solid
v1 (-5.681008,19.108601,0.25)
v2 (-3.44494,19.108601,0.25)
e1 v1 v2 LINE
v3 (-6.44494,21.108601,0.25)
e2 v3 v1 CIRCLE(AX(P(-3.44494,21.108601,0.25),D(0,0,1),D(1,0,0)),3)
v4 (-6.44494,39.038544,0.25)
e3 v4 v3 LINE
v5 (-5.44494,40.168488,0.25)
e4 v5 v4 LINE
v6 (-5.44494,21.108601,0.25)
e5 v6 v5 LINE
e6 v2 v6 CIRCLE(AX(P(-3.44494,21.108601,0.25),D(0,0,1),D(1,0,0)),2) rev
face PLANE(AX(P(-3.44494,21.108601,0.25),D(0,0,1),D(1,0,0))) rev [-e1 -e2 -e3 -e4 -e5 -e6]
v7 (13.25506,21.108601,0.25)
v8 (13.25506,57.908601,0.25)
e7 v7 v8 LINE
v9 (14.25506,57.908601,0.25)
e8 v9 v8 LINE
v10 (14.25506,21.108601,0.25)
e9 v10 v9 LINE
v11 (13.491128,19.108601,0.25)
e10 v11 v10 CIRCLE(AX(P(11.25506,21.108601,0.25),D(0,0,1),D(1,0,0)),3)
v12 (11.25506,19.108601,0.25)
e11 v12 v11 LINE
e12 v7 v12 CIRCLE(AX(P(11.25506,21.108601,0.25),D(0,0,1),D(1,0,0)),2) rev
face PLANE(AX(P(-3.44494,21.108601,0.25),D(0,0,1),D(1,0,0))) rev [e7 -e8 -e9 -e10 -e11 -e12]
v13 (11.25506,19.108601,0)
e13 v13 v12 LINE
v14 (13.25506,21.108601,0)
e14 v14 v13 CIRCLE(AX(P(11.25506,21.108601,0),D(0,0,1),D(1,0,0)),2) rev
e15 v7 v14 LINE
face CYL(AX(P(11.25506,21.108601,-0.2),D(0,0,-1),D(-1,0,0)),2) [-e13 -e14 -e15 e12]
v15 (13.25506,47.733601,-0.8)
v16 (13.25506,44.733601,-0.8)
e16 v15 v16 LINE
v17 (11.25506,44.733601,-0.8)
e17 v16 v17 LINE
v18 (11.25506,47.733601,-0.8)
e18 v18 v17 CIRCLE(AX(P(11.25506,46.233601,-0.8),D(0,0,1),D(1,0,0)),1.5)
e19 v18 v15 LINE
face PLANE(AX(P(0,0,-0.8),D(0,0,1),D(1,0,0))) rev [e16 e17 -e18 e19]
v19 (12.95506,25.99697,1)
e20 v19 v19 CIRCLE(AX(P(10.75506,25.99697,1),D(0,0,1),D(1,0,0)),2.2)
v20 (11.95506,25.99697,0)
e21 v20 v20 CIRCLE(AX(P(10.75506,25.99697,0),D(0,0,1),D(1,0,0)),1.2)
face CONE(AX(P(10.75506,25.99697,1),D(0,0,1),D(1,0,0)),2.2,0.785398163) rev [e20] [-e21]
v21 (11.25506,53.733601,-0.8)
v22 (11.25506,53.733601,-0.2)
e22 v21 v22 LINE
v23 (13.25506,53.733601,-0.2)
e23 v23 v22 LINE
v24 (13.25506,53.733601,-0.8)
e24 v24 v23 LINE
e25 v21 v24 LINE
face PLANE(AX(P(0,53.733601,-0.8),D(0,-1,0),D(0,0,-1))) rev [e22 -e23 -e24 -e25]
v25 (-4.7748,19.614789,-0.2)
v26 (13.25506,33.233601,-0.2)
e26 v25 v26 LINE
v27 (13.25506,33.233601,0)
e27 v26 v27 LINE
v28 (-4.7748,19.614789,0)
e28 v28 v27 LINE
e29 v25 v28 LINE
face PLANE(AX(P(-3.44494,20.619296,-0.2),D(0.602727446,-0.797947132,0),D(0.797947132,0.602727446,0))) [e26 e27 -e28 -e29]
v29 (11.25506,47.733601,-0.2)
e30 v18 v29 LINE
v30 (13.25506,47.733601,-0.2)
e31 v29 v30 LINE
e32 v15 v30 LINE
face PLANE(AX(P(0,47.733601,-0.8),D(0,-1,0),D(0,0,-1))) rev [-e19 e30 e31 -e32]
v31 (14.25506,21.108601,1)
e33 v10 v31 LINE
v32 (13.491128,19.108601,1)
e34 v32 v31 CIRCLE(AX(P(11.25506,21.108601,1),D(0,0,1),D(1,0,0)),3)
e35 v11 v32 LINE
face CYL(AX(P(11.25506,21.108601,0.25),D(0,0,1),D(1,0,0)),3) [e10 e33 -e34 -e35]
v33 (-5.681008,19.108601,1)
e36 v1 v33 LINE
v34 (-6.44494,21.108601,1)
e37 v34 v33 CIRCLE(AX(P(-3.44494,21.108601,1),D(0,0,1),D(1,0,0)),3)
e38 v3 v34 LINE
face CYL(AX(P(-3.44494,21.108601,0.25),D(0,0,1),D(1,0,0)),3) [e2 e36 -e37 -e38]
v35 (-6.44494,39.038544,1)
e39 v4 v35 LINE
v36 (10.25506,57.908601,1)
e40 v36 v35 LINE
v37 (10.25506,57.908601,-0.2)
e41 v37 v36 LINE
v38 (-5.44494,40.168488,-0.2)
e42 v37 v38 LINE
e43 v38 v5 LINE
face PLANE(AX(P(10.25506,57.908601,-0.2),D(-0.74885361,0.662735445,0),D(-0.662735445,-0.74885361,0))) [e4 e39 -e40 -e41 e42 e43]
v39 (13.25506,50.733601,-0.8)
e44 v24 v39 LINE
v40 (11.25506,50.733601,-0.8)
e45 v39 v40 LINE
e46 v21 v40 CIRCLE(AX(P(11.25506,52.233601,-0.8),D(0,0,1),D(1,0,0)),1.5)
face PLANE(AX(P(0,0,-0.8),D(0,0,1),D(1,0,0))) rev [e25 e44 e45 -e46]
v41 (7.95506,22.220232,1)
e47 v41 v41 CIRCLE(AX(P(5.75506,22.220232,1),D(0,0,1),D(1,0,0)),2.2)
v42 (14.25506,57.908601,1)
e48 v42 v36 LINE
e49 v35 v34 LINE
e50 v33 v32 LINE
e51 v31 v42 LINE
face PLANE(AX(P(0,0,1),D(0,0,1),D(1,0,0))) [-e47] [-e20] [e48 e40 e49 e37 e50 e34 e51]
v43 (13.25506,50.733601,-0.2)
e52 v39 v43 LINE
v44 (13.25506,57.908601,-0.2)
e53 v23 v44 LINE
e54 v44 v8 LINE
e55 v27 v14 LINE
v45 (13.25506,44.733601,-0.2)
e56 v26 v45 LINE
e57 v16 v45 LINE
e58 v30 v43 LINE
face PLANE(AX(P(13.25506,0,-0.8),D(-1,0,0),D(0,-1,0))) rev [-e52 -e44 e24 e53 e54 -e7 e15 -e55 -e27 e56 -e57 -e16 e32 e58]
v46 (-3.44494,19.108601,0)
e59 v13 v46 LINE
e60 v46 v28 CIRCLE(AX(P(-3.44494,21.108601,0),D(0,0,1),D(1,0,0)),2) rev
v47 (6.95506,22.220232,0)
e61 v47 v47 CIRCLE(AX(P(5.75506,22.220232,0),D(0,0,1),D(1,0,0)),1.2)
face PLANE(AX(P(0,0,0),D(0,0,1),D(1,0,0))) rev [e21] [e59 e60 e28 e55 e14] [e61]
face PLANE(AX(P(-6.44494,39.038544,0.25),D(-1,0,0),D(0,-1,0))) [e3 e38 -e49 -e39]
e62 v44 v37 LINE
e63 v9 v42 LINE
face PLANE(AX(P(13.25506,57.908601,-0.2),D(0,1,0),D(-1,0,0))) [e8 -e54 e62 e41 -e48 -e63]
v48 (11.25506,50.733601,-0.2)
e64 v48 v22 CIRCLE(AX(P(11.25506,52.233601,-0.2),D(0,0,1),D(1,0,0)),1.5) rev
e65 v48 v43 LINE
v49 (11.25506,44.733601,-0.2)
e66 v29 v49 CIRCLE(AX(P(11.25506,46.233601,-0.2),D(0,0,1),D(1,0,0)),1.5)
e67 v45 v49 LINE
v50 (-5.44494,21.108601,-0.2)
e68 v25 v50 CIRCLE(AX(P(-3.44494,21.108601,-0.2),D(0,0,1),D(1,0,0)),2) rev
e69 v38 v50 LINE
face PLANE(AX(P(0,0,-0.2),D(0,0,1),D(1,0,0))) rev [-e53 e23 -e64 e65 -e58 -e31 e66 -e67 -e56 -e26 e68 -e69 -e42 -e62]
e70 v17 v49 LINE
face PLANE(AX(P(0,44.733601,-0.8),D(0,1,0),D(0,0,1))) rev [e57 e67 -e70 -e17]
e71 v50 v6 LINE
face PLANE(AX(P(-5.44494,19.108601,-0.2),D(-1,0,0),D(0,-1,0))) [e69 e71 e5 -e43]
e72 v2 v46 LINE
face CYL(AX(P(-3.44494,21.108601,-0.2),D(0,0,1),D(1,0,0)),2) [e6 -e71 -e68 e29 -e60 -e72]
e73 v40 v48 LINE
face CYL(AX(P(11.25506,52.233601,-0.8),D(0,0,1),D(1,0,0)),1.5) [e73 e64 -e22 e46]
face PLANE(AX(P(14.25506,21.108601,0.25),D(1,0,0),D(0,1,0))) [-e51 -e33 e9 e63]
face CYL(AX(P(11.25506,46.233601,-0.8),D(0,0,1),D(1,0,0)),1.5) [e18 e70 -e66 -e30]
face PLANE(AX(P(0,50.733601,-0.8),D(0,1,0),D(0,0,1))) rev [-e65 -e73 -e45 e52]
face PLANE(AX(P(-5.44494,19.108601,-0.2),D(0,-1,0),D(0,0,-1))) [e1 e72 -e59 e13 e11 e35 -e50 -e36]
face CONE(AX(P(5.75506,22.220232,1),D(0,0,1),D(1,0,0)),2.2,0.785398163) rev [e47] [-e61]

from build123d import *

# Parameters (mm, degrees)
BOSS_EXTRUDE1_DEPTH                             = 0.8
BOSS_EXTRUDE1_2_DEPTH                           = 0.8
BOSS_EXTRUDE3_DEPTH                             = 1
BOSS_EXTRUDE3_DEPTH_BACK                        = 0.2
FILLET1_R                                       = 2
CUT_EXTRUDE1_DEPTH                              = 0.2
BOSS_EXTRUDE4_DEPTH                             = 0.75
CSK_FOR_M2_FLAT_HEAD_MACHINE_SCREW1_D           = 2.4
CSK_FOR_M2_FLAT_HEAD_MACHINE_SCREW1_DEPTH       = 4
CSK_FOR_M2_FLAT_HEAD_MACHINE_SCREW1_CSINK_D     = 4.4
CSK_FOR_M2_FLAT_HEAD_MACHINE_SCREW1_CSINK_ANGLE = 90
CSK_FOR_M2_FLAT_HEAD_MACHINE_SCREW1_TIP         = 0.721032743


with BuildPart() as part:
    # Sketch1 → Boss-Extrude1 (new body)
    with BuildSketch(Plane.XY):
        with BuildLine():
            Line((11.255059848, 53.733600539), (13.255059848, 53.733600539))
            Line((13.255059848, 53.733600539), (13.255059848, 50.733600539))
            Line((13.255059848, 50.733600539), (11.255059848, 50.733600539))
            ThreePointArc((11.255059848, 50.733600539), (9.755059848, 52.233600539), (11.255059848, 53.733600539))
        make_face()
    extrude(amount=-BOSS_EXTRUDE1_DEPTH)



with BuildPart() as body_2:
    # Sketch1 → Boss-Extrude1 2 (new body)
    with BuildSketch(Plane.XY):
        with BuildLine():
            Line((11.255059848, 47.733600539), (13.255059848, 47.733600539))
            Line((13.255059848, 47.733600539), (13.255059848, 44.733600539))
            Line((13.255059848, 44.733600539), (11.255059848, 44.733600539))
            ThreePointArc((11.255059848, 44.733600539), (9.755059848, 46.233600539), (11.255059848, 47.733600539))
        make_face()
    extrude(amount=-BOSS_EXTRUDE1_2_DEPTH)


with BuildPart() as part_1:
    add(part.part)

    add(body_2.part)  # Boss-Extrude3 merges body 2
    # Sketch2 → Boss-Extrude3 (add, two sides)
    with BuildSketch(Plane.XY) as boss_extrude3_sk:
        Polygon((-5.444940152, 19.108600539), (13.255059848, 19.108600539), (13.255059848, 57.908600539), (10.255059848, 57.908600539), (-5.444940152, 40.168487545), align=None)
    extrude(amount=BOSS_EXTRUDE3_DEPTH)
    extrude(boss_extrude3_sk.sketch, amount=-BOSS_EXTRUDE3_DEPTH_BACK)

    # Fillet1
    fillet1_edges = [part_1.edges().sort_by_distance(p)[0] for p in [
        (-5.444940152, 19.108600539, 0.4),
        (13.255059848, 19.108600539, 0.4),
    ]]
    fillet(fillet1_edges, radius=FILLET1_R)

    # Sketch3 → Cut-Extrude1 (cut)
    with BuildSketch(Plane(origin=(0, 0, 0), x_dir=(-1, 0, 0), z_dir=(0, 0, -1))):
        Polygon((-13.255059848, 33.233600539), (-13.255059848, 19.108600539), (5.444940152, 19.108600539), (3.444940152, 20.619295727), align=None)
    extrude(amount=CUT_EXTRUDE1_DEPTH, mode=Mode.SUBTRACT)

    # Sketch4 → Boss-Extrude4 (add)
    with BuildSketch(Plane.XY.offset(1)):
        with BuildLine():
            Line((-6.444940152, 39.038544042), (-6.444940152, 21.108600539))
            ThreePointArc((-6.444940152, 21.108600539), (-6.247457228, 20.03813427), (-5.681008129, 19.108600539))
            Line((-5.681008129, 19.108600539), (13.491127826, 19.108600539))
            ThreePointArc((13.491127826, 19.108600539), (14.057576925, 20.03813427), (14.255059848, 21.108600539))
            Line((14.255059848, 21.108600539), (14.255059848, 57.908600539))
            Line((14.255059848, 57.908600539), (10.255059848, 57.908600539))
            Line((10.255059848, 57.908600539), (-6.444940152, 39.038544042))
        make_face()
    extrude(amount=-BOSS_EXTRUDE4_DEPTH)

    # CSK for M2 Flat Head Machine Screw1
    with Locations(Plane(origin=(-1.094940152, -30.37062024, 1), x_dir=(1, 0, 0), z_dir=(0, 0, 1))):
        with Locations((11.85, 56.367589763), (6.85, 52.590851795)):
            CounterSinkHole(CSK_FOR_M2_FLAT_HEAD_MACHINE_SCREW1_D / 2, CSK_FOR_M2_FLAT_HEAD_MACHINE_SCREW1_CSINK_D / 2, depth=CSK_FOR_M2_FLAT_HEAD_MACHINE_SCREW1_DEPTH, counter_sink_angle=CSK_FOR_M2_FLAT_HEAD_MACHINE_SCREW1_CSINK_ANGLE)
            with Locations((0, 0, -(CSK_FOR_M2_FLAT_HEAD_MACHINE_SCREW1_DEPTH + CSK_FOR_M2_FLAT_HEAD_MACHINE_SCREW1_TIP / 2))):  # 118° drill point
                Cone(0, CSK_FOR_M2_FLAT_HEAD_MACHINE_SCREW1_D / 2, CSK_FOR_M2_FLAT_HEAD_MACHINE_SCREW1_TIP, mode=Mode.SUBTRACT)


solid = part_1.part
